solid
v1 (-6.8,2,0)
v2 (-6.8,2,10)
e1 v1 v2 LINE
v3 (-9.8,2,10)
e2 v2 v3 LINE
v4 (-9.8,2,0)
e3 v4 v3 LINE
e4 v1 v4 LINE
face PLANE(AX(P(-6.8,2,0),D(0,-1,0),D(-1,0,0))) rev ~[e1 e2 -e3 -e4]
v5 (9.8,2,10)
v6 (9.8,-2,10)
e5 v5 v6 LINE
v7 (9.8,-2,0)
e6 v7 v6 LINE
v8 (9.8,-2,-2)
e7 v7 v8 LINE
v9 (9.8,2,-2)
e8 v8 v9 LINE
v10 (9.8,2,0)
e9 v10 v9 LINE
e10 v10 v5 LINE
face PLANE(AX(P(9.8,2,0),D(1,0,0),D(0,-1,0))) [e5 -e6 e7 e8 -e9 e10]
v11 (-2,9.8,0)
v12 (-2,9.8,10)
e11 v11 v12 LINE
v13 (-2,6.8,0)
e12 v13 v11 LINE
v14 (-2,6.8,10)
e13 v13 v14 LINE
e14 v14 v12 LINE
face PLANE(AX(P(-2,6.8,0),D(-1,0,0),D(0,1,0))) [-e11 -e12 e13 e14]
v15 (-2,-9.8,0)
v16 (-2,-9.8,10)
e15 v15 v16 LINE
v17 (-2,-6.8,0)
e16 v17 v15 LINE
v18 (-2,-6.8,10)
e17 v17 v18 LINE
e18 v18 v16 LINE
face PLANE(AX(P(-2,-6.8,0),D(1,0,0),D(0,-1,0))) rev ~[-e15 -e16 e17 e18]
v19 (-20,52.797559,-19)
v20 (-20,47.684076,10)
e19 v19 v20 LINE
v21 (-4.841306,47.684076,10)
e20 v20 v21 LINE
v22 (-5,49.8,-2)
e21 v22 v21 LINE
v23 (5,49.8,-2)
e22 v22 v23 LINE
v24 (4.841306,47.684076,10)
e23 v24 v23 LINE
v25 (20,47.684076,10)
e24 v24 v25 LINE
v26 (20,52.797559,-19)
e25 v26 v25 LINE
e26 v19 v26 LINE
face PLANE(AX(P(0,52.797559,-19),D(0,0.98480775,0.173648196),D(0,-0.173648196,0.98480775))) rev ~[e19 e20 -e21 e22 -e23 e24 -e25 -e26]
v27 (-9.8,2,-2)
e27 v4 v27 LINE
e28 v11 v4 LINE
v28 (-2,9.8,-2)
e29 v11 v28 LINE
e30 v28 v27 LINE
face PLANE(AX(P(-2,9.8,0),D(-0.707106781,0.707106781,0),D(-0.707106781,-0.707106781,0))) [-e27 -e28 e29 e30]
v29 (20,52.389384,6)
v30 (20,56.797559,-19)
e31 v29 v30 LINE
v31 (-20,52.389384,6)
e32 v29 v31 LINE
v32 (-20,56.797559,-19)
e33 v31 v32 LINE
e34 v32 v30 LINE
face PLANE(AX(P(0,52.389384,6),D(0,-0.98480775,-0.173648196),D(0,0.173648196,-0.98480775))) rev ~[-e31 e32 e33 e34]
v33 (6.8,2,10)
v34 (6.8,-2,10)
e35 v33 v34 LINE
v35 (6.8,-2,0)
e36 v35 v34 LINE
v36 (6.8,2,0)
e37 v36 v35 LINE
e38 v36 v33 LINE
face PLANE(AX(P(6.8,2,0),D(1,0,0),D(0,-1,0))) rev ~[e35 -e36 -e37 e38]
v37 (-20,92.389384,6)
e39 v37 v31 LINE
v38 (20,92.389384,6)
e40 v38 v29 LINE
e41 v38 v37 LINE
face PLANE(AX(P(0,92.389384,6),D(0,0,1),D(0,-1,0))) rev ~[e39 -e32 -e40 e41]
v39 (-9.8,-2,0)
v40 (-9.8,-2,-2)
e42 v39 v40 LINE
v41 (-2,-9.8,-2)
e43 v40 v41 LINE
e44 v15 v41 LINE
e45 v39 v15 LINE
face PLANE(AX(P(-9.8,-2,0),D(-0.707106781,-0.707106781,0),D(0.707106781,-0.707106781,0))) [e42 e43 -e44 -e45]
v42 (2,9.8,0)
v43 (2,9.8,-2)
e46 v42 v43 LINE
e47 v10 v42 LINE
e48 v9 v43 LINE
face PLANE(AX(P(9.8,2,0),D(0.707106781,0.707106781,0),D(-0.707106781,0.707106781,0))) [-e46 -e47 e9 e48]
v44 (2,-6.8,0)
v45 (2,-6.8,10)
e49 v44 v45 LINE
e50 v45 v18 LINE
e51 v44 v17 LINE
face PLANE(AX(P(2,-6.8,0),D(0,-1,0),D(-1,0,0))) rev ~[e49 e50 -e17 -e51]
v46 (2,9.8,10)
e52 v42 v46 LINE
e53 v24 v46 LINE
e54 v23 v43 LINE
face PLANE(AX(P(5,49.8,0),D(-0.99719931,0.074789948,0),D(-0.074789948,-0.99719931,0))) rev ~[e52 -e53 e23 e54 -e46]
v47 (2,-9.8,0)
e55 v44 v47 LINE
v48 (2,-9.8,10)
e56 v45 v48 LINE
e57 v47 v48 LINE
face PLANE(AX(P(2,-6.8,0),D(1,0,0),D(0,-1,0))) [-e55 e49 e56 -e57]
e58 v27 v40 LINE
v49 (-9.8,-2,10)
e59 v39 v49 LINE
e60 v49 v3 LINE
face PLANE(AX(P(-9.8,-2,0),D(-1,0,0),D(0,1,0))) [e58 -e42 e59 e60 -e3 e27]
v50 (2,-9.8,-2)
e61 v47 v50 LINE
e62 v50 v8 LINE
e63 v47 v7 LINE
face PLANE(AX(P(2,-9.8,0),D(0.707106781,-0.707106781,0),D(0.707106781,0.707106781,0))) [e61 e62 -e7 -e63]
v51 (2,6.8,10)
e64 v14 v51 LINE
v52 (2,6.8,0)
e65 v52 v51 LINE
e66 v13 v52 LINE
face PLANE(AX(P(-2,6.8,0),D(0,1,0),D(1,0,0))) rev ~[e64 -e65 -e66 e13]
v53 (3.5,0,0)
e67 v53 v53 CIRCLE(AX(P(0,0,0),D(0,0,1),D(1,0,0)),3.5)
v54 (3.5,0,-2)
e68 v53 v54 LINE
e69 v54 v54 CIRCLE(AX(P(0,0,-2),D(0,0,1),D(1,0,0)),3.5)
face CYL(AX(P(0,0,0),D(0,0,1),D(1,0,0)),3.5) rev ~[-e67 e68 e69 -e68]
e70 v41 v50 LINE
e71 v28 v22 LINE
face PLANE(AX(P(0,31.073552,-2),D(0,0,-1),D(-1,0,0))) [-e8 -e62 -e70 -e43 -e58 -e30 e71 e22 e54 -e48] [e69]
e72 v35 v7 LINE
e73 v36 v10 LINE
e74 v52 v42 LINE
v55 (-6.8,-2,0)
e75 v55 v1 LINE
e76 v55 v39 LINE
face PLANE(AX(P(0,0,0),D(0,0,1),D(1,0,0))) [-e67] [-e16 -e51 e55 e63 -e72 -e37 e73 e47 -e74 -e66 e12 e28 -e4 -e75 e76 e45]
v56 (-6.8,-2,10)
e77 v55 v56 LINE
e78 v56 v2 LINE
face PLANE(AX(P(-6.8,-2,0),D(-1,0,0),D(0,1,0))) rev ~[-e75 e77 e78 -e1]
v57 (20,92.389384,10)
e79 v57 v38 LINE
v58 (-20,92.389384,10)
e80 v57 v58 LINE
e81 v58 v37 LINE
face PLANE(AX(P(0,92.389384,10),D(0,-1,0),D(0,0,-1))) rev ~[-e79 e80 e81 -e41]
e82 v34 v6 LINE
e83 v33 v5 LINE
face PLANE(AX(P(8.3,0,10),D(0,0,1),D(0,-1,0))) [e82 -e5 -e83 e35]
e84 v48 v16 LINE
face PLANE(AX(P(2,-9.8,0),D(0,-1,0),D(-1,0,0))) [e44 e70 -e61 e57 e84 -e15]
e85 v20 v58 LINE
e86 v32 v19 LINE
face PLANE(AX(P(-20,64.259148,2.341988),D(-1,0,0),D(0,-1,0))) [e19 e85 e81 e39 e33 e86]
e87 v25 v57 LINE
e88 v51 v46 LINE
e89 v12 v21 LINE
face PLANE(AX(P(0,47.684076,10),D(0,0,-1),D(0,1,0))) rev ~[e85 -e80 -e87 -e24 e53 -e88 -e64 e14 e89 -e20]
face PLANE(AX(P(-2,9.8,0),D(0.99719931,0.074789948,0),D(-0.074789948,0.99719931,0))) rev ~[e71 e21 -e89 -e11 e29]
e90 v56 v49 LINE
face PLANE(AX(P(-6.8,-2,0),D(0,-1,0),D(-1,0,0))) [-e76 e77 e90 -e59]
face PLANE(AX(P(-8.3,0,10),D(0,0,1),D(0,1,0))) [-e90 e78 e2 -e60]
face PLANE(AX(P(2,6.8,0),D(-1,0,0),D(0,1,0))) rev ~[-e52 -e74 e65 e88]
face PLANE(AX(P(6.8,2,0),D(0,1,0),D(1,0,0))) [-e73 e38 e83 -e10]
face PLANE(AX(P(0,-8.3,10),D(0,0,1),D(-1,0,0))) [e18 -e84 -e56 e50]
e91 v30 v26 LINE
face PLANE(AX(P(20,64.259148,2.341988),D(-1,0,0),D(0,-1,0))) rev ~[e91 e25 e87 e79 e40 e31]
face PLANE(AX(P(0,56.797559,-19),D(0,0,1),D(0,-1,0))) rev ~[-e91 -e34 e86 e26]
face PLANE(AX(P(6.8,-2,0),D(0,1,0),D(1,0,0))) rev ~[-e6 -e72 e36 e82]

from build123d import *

# Parameters (mm, degrees)
SKETCH_R           = 3.5
PAD_DEPTH          = 2
SKETCH001_W        = 4
SKETCH001_H        = 3
PAD001_DEPTH       = 10
POLARPATTERN_COUNT = 4
PAD002_DEPTH       = 10
PAD004_DEPTH       = 2
PAD005_DEPTH       = 20


with BuildPart() as part:
    # Sketch → Pad (new body)
    with BuildSketch(Plane.XY):
        Polygon((-9.8, 2), (-9.8, -2), (-2, -9.8), (2, -9.8), (9.8, -2), (9.8, 2), (2, 9.8), (-2, 9.8), align=None)
        Circle(SKETCH_R, mode=Mode.SUBTRACT)
    extrude(amount=-PAD_DEPTH)

    # Sketch001 → Pad001 (join)
    with BuildSketch(Plane.XY):
        with Locations((0, 8.3)):
            Rectangle(SKETCH001_W, SKETCH001_H)
    pad001 = extrude(amount=PAD001_DEPTH)

    # PolarPattern: Pad001 ×4 about axis
    polarpattern_axis = Axis((0, 0, 0), (0, 0, 1))
    for i in range(1, POLARPATTERN_COUNT):
        add(pad001.rotate(polarpattern_axis, i * 360 / POLARPATTERN_COUNT))

    # Sketch002 → Pad002 (join)
    with BuildSketch(Plane.XY):
        Polygon((-2, 9.8), (-5, 49.8), (5, 49.8), (2, 9.8), align=None)
    extrude(amount=PAD002_DEPTH)

    # Sketch002 → Pad004 (join)
    with BuildSketch(Plane.XY):
        Polygon((-2, 9.8), (-5, 49.8), (5, 49.8), (2, 9.8), align=None)
    extrude(amount=-PAD004_DEPTH)

    # Sketch003 → Pad005 (join, symmetric)
    with BuildSketch(Plane.YZ):
        Polygon((47.684076, 10), (92.389384, 10), (92.389384, 6), (52.389384, 6), (56.797559, -19), (52.797559, -19), align=None)
    extrude(amount=PAD005_DEPTH, both=True)


solid = part.part
